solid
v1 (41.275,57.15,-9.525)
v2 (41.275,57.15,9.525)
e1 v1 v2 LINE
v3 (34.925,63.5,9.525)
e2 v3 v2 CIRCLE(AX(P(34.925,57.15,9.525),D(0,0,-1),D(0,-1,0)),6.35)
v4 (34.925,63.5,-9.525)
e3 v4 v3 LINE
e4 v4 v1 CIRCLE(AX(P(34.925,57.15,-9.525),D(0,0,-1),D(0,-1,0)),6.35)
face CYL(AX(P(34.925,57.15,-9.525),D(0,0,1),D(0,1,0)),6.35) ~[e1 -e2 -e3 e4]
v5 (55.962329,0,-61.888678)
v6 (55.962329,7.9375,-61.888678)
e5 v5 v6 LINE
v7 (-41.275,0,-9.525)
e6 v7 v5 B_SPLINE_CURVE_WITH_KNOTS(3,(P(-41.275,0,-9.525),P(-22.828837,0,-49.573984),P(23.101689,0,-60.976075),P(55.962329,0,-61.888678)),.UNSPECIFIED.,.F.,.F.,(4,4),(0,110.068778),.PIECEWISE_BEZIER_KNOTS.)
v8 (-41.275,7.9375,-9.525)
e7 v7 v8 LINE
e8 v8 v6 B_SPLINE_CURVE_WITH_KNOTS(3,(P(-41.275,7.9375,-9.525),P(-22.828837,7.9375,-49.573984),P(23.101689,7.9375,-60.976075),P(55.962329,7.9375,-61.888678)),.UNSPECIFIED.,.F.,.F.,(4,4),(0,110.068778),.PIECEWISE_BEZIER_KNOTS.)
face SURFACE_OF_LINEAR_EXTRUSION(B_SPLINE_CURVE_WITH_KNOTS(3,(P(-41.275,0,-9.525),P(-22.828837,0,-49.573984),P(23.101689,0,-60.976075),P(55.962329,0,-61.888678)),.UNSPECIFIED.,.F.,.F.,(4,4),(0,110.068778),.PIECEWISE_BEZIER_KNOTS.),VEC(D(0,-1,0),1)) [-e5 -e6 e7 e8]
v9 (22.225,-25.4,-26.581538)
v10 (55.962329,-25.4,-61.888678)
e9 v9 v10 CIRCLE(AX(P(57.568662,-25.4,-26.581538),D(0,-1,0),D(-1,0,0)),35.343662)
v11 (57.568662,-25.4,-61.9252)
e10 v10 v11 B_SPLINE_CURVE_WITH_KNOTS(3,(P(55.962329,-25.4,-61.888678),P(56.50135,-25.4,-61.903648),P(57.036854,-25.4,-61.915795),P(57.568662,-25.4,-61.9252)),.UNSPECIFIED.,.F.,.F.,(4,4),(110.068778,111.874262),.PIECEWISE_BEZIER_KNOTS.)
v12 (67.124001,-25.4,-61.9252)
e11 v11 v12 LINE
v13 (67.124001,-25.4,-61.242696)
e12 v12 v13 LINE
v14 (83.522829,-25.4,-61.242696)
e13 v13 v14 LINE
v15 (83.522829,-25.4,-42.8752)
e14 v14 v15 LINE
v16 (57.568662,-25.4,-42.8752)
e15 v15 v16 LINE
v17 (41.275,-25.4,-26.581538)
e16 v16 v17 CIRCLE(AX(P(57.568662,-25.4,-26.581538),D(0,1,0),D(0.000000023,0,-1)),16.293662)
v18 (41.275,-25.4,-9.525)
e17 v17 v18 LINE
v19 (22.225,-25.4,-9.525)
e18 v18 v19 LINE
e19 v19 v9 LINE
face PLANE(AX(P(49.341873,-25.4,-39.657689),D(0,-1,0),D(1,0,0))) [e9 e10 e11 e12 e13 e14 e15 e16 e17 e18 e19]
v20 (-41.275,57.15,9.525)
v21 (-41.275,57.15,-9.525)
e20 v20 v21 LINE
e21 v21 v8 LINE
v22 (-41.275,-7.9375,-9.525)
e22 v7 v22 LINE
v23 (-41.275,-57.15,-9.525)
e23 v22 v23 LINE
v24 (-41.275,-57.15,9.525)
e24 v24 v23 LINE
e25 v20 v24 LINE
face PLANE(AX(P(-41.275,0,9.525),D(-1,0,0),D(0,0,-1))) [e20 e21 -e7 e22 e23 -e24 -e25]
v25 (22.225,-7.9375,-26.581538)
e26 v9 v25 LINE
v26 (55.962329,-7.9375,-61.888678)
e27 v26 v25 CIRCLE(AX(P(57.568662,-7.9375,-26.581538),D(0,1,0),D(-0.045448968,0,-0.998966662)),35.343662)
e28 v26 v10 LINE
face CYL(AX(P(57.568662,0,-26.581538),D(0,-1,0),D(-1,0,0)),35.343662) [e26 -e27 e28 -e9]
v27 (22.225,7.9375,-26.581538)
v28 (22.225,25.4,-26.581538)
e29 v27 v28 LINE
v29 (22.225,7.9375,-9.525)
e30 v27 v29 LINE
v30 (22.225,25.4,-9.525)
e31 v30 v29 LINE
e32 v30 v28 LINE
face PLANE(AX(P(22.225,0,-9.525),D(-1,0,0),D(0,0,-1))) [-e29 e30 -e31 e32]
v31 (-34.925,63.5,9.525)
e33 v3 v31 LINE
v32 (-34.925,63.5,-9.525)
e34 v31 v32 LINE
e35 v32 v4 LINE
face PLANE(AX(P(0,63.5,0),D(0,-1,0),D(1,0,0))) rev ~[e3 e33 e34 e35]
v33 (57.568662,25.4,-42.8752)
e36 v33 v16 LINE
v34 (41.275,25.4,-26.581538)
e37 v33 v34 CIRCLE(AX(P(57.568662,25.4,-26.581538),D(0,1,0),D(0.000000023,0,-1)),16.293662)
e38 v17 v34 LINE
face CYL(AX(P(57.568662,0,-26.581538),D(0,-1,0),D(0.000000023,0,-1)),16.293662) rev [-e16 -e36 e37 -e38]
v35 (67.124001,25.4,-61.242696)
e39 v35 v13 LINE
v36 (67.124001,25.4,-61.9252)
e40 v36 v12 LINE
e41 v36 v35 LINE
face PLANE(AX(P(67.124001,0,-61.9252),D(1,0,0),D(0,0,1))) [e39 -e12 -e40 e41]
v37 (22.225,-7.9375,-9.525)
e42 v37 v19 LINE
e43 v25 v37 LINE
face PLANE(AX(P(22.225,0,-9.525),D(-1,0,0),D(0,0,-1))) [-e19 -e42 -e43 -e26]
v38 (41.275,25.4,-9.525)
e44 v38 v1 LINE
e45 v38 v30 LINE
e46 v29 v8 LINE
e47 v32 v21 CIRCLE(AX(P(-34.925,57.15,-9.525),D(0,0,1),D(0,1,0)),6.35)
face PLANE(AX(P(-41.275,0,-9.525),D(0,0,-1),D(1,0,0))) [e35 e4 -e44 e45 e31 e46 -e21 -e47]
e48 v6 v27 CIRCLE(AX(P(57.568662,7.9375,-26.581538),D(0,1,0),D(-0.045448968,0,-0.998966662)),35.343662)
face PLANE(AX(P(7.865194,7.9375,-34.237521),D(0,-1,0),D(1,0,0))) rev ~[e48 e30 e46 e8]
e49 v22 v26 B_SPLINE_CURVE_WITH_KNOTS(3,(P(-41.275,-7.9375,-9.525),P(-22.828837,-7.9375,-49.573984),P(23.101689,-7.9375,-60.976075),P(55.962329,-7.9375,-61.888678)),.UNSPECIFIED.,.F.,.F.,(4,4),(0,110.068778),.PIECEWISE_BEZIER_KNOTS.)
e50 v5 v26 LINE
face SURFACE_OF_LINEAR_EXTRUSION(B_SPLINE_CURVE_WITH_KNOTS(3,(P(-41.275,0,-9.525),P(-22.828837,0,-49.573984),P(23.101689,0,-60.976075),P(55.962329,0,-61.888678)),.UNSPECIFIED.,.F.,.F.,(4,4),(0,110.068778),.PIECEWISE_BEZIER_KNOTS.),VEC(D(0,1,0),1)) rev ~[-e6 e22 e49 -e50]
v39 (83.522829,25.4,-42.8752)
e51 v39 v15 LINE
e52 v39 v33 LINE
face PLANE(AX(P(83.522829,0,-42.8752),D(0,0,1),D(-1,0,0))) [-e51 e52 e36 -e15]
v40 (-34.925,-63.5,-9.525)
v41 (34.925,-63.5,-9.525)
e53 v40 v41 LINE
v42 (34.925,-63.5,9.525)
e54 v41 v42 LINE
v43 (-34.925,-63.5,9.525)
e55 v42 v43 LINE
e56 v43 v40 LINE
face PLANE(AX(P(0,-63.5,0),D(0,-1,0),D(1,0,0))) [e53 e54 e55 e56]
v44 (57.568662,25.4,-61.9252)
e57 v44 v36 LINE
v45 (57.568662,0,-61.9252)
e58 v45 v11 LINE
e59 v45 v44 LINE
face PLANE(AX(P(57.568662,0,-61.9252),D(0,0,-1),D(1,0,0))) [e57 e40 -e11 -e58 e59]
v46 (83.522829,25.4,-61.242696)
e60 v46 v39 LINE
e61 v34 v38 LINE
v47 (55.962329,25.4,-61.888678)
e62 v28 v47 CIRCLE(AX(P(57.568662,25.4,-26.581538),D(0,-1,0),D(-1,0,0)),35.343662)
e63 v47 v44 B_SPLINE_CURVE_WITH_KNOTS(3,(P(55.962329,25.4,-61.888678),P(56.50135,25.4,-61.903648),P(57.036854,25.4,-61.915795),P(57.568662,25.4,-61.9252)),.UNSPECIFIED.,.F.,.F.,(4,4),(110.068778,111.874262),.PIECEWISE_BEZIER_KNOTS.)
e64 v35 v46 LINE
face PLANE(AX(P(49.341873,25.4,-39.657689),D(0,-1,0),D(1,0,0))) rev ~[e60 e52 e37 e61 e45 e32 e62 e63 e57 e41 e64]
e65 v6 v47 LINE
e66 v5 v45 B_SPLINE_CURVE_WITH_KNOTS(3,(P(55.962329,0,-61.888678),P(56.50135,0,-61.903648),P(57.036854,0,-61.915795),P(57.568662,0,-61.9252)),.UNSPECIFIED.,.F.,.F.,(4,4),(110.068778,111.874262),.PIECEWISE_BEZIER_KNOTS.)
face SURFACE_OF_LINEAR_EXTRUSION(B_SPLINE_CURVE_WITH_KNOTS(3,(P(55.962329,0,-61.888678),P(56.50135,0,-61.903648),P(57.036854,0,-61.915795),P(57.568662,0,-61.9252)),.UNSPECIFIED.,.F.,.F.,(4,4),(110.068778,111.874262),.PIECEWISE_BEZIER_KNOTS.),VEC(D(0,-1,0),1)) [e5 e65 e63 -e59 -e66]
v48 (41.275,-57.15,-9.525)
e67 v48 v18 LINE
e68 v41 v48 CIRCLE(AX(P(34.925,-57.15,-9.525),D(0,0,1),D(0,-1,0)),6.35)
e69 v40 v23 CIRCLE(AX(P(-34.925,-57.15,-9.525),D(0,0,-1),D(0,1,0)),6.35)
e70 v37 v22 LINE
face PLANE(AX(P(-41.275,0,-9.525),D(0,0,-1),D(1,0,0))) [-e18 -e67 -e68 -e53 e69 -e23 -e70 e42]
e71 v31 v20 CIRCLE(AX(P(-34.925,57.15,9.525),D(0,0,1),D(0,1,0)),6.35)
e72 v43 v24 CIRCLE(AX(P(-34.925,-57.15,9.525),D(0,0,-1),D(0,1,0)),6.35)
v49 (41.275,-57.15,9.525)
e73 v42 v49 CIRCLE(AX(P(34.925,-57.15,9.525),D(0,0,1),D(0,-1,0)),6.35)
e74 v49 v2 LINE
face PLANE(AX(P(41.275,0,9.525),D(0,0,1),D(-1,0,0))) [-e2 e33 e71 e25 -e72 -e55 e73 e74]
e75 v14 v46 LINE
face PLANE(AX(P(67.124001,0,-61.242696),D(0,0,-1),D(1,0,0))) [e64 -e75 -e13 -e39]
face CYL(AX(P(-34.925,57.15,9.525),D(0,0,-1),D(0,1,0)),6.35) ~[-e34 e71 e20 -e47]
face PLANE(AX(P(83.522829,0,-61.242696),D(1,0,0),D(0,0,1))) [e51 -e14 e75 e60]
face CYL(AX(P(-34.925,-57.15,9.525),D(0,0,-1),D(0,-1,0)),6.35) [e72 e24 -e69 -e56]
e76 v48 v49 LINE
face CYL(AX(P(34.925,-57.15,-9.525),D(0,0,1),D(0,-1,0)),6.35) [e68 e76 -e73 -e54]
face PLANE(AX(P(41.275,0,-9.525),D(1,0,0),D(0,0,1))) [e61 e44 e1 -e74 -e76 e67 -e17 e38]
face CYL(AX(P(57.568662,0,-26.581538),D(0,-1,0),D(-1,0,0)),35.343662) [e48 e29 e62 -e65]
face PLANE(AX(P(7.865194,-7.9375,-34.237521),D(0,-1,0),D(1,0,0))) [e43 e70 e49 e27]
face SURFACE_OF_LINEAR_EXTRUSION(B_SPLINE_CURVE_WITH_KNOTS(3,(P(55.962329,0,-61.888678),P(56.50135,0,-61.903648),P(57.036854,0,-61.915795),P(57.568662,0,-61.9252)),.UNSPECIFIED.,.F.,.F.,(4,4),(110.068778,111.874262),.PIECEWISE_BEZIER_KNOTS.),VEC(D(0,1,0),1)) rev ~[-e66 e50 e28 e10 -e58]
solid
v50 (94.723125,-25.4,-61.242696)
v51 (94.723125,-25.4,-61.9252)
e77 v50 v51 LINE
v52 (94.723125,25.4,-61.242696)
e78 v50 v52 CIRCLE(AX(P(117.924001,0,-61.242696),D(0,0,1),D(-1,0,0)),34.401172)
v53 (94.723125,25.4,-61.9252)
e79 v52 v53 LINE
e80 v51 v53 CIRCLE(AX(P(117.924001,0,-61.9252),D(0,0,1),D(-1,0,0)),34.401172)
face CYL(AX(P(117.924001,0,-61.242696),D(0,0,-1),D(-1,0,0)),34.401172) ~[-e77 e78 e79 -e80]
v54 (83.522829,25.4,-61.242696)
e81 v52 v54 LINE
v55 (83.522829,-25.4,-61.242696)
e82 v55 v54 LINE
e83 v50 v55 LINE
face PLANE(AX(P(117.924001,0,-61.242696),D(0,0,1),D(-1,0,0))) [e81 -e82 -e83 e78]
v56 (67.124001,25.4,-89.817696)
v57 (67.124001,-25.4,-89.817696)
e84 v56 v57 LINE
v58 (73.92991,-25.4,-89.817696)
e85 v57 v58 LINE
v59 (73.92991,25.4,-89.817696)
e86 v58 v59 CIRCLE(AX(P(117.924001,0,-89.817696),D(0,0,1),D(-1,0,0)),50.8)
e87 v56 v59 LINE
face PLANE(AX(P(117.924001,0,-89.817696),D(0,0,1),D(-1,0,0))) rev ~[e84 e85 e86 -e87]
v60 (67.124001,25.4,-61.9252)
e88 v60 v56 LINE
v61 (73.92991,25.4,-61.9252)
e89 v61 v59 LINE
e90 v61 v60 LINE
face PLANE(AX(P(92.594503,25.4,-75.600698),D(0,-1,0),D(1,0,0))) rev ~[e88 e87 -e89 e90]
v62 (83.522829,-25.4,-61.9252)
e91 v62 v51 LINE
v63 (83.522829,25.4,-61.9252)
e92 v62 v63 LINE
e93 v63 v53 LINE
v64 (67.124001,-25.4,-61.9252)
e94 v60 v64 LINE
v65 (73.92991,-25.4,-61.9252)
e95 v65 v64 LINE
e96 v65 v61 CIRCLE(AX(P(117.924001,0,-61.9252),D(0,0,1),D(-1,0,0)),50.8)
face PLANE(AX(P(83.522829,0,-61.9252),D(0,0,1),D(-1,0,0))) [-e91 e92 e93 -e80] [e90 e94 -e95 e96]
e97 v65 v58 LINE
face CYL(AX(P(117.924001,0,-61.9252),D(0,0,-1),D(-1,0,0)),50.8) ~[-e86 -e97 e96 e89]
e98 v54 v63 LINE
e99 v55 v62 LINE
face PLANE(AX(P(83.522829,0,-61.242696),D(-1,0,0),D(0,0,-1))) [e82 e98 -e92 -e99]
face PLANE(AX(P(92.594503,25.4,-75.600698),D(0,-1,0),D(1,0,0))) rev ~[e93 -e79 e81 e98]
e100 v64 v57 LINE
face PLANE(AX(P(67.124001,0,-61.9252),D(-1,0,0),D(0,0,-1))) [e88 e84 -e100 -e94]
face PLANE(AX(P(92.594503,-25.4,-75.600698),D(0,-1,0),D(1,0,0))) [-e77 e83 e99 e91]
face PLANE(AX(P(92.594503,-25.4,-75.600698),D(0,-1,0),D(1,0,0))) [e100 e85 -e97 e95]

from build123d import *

# Parameters (mm, degrees)
F1_DEPTH = 63.5
F2_DEPTH = 25.4
F3_DEPTH = 7.9375
F5_R     = 6.35
F6_R     = 6.35


with BuildPart() as f1:
    # F0 (on Front) → F1 (new body, symmetric)
    with BuildSketch(Plane.XZ):
        Polygon((41.275, 9.525), (-41.275, 9.525), (-41.275, -9.525), (22.225, -9.525), (41.275, -9.525), align=None)
    extrude(amount=F1_DEPTH, both=True)

    # F0 (on Front) → F2 (join, symmetric)
    with BuildSketch(Plane.XZ):
        with BuildLine():
            Line((41.275, -26.581538), (41.275, -9.525))
            Line((41.275, -9.525), (22.225, -9.525))
            Line((22.225, -9.525), (22.225, -26.581538))
            ThreePointArc((22.225, -26.581538), (32.015305, -50.998753), (55.962329, -61.888678))
            add(Edge.make_bspline(
                [(55.962329, -61.888678), (56.50135, -61.903648), (57.036854, -61.915795), (57.568662, -61.9252)],
                knots=[110.068778, 110.068778, 110.068778, 110.068778, 111.874262, 111.874262, 111.874262, 111.874262], degree=3))
            Line((57.568662, -61.9252), (67.124001, -61.9252))
            Line((67.124001, -61.9252), (67.124001, -61.242696))
            Line((67.124001, -61.242696), (83.522829, -61.242696))
            Line((83.522829, -61.242696), (83.522829, -42.8752))
            Line((83.522829, -42.8752), (57.568662, -42.8752))
            ThreePointArc((57.568662, -42.8752), (46.047303, -38.102897), (41.275, -26.581538))
        make_face()
        Polygon((83.522829, -61.9252), (67.124001, -61.9252), (67.124001, -89.817696), (117.924001, -89.817696), (117.924001, -61.242696), (83.522829, -61.242696), align=None)
    extrude(amount=F2_DEPTH, both=True)

    # F0 (on Front) → F3 (join, symmetric)
    with BuildSketch(Plane.XZ):
        with BuildLine():
            Line((22.225, -9.525), (-41.275, -9.525))
            add(Edge.make_bspline(
                [(-41.275, -9.525), (-22.828837, -49.573984), (23.101689, -60.976075), (55.962329, -61.888678)],
                knots=[0, 0, 0, 0, 110.068778, 110.068778, 110.068778, 110.068778], degree=3))
            ThreePointArc((55.962329, -61.888678), (32.015305, -50.998753), (22.225, -26.581538))
            Line((22.225, -26.581538), (22.225, -9.525))
        make_face()
    extrude(amount=F3_DEPTH, both=True)

    # F0 (on Front) → F4 (revolve)
    with BuildSketch(Plane.XZ):
        Polygon((83.522829, -61.9252), (67.124001, -61.9252), (67.124001, -89.817696), (117.924001, -89.817696), (117.924001, -61.242696), (83.522829, -61.242696), align=None)
    revolve(axis=Axis((117.924001, 0, -75.530196), (0, 0, 1)))

    # F5
    f5_edges = [f1.edges().sort_by_distance(p)[0] for p in [
        (41.275, 63.5, 0),
        (41.275, -63.5, 0),
        (-41.275, -63.5, 0),
    ]]
    fillet(f5_edges, radius=F5_R)

    # F6
    f6_edges = [f1.edges().sort_by_distance(p)[0] for p in [
        (-41.275, 63.5, 0),
    ]]
    fillet(f6_edges, radius=F6_R)


solid = f1.part
